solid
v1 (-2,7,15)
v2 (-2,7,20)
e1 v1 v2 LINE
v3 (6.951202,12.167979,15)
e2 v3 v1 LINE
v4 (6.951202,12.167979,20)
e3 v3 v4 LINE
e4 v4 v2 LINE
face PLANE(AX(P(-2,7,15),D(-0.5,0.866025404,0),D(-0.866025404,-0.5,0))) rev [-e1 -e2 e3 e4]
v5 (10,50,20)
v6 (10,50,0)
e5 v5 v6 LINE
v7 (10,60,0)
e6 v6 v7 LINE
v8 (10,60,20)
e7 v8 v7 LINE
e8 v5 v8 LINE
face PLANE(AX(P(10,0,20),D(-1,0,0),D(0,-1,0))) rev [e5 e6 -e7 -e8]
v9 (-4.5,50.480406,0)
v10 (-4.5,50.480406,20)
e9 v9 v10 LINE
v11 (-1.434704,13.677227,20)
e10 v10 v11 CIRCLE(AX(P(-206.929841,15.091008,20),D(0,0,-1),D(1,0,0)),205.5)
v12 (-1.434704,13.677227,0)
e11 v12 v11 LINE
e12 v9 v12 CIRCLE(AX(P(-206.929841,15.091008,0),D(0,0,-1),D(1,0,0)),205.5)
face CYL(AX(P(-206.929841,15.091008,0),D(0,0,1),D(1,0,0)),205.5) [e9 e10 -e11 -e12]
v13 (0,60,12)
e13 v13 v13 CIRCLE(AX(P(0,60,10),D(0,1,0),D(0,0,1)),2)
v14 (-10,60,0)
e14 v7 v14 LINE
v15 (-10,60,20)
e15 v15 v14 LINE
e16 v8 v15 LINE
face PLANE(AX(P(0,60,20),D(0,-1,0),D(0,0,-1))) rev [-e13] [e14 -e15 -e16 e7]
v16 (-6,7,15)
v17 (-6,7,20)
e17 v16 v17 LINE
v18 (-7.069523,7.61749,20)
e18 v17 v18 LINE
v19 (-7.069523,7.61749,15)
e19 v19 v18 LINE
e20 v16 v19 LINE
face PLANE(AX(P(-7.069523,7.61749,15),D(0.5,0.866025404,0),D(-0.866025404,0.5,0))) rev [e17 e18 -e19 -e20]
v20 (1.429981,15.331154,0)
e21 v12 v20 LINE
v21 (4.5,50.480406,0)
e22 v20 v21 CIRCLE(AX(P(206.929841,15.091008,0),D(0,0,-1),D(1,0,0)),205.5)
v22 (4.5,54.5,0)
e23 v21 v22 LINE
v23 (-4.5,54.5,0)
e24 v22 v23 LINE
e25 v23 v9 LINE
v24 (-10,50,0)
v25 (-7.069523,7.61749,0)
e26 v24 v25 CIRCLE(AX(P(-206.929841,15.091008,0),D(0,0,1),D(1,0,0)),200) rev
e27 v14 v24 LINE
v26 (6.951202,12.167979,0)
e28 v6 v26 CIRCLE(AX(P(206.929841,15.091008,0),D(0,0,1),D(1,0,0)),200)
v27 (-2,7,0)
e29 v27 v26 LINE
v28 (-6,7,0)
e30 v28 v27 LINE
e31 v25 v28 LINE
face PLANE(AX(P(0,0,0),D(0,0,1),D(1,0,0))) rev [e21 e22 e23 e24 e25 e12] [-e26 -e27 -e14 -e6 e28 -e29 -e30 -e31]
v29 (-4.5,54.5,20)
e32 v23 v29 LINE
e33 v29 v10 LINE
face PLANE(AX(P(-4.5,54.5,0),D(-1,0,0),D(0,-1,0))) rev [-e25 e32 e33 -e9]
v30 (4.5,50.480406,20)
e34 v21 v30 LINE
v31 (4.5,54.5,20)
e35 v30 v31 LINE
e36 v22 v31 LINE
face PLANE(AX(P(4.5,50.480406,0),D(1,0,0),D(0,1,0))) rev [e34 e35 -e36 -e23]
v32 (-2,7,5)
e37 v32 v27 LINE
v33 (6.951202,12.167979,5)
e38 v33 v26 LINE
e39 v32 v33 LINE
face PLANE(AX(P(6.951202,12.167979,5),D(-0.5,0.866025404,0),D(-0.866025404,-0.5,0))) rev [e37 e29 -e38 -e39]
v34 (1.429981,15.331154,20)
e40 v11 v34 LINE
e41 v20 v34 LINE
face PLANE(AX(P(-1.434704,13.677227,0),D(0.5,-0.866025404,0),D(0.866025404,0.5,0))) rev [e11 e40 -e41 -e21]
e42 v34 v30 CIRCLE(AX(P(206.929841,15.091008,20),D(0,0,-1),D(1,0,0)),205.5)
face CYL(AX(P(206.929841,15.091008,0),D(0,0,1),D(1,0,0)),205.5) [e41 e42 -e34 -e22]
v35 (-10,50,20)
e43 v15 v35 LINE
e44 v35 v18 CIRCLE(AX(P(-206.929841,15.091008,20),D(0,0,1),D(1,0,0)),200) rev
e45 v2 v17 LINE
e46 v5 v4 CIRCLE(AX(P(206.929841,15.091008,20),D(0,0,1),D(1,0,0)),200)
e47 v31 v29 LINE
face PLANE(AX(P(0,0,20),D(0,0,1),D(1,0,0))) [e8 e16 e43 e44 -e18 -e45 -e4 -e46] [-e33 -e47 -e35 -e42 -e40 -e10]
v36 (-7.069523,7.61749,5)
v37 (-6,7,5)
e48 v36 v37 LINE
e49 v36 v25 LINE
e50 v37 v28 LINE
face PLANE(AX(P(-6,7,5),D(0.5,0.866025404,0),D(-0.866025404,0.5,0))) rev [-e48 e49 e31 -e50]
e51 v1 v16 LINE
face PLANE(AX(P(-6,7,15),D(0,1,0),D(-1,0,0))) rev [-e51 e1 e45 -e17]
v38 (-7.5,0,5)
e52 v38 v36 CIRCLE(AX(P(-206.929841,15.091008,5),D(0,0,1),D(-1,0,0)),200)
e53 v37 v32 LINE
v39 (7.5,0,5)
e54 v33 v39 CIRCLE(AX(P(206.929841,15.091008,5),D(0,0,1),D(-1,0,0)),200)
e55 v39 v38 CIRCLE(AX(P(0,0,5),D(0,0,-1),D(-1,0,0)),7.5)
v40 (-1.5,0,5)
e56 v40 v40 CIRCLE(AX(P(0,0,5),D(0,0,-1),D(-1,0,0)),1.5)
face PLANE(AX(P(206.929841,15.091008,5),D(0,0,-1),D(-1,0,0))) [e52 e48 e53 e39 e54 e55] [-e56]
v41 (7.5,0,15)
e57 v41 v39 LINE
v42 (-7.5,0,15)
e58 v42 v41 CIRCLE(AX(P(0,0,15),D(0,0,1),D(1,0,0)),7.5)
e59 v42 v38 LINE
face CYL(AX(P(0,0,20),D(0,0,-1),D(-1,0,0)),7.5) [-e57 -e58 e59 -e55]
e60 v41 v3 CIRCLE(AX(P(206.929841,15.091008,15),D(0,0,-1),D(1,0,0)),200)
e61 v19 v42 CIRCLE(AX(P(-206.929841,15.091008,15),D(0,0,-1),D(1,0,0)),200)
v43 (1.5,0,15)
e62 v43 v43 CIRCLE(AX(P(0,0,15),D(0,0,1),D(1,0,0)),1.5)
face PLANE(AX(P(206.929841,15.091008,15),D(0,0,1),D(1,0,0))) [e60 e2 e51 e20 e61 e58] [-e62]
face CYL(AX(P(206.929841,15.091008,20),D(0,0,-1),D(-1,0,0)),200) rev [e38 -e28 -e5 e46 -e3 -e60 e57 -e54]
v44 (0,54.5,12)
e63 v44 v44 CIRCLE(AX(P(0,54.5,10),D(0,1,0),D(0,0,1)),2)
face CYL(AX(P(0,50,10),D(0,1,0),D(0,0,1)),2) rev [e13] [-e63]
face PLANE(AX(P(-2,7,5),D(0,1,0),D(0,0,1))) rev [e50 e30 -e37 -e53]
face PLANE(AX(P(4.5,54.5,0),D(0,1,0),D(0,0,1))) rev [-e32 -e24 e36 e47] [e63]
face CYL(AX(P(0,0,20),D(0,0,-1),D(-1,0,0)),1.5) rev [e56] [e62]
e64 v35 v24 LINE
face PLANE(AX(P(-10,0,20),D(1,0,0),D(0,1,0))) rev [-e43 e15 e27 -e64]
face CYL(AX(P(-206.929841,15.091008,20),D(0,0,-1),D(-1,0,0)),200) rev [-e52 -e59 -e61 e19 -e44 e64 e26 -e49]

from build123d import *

# Parameters (mm, degrees)
CROQUIS1_R              = 1.5
SALIENTE_EXTRUIR1_DEPTH = 20
CORTAR_EXTRUIR1_START   = -5
CORTAR_EXTRUIR1_DEPTH   = 5
CORTAR_EXTRUIR2_DEPTH   = 5
CORTAR_EXTRUIR3_DEPTH   = 65.031242374
CROQUIS5_R              = 2
CORTAR_EXTRUIR4_DEPTH   = 10


with BuildPart() as part:
    # Croquis1 → Saliente-Extruir1 (new body)
    # profile 1 of 2: a face of its own
    with BuildSketch(Plane.XY):
        with BuildLine():
            ThreePointArc((7.420644355, 1.088134807), (7.207357835, 25.623325873), (10, 50))
            Line((10, 50), (10, 60))
            Line((10, 60), (-10, 60))
            Line((-10, 60), (-10, 50))
            ThreePointArc((-10, 50), (-7.207357835, 25.623325873), (-7.420644355, 1.088134807))
            ThreePointArc((-7.420644355, 1.088134807), (0, 7.5), (7.420644355, 1.088134807))
        make_face()
    # profile 2 of 2: a face of its own
    with BuildSketch(Plane.XY):
        with BuildLine():
            ThreePointArc((7.5, 0), (7.459580187, 0.544013292), (7.420644355, 1.088134807))
            ThreePointArc((7.420644355, 1.088134807), (0, 7.5), (-7.420644355, 1.088134807))
            ThreePointArc((-7.420644355, 1.088134807), (-7.459580187, 0.544013292), (-7.5, 0))
            ThreePointArc((-7.5, 0), (0, -7.5), (7.5, 0))
        make_face()
        Circle(CROQUIS1_R, mode=Mode.SUBTRACT)
    extrude(amount=SALIENTE_EXTRUIR1_DEPTH)

    # Croquis2 → Cortar-Extruir1 (cut)
    with BuildSketch(Plane.XY.offset(20).offset(CORTAR_EXTRUIR1_START)):
        with BuildLine():
            Line((-7.069523462, 7.617489658), (-6, 7))
            Line((-6, 7), (-2, 7))
            Line((-2, 7), (6.951202379, 12.167979103))
            ThreePointArc((6.951202379, 12.167979103), (7.132948314, 6.079810741), (7.5, 0))
            ThreePointArc((7.5, 0), (0, -7.5), (-7.5, 0))
            ThreePointArc((-7.5, 0), (-7.24843422, 3.806691903), (-7.069523462, 7.617489658))
        make_face()
    extrude(amount=CORTAR_EXTRUIR1_DEPTH, mode=Mode.SUBTRACT)

    # Croquis3 → Cortar-Extruir2 (cut)
    with BuildSketch(Plane(origin=(0, 0, 0), x_dir=(-1, 0, 0), z_dir=(0, 0, -1))):
        with BuildLine():
            Line((-6.951202379, 12.167979103), (2, 7))
            Line((2, 7), (6, 7))
            Line((6, 7), (7.069523462, 7.617489658))
            ThreePointArc((7.069523462, 7.617489658), (7.24843422, 3.806691903), (7.5, 0))
            ThreePointArc((7.5, 0), (0, -7.5), (-7.5, 0))
            ThreePointArc((-7.5, 0), (-7.132948314, 6.079810741), (-6.951202379, 12.167979103))
        make_face()
    extrude(amount=-CORTAR_EXTRUIR2_DEPTH, mode=Mode.SUBTRACT)

    # Croquis4 → Cortar-Extruir3 (cut, through all)
    with BuildSketch(Plane.XY.offset(20)):
        with BuildLine():
            Line((-1.434704258, 13.67722661), (1.429981311, 15.331153594))
            ThreePointArc((1.429981311, 15.331153594), (2.209232224, 32.971789387), (4.5, 50.480405727))
            Line((4.5, 50.480405727), (4.5, 54.5))
            Line((4.5, 54.5), (-4.5, 54.5))
            Line((-4.5, 54.5), (-4.5, 50.480405727))
            ThreePointArc((-4.5, 50.480405727), (-2.13893455, 32.147814145), (-1.434704258, 13.67722661))
        make_face()
    extrude(amount=-CORTAR_EXTRUIR3_DEPTH, mode=Mode.SUBTRACT)

    # Croquis5 → Cortar-Extruir4 (cut)
    with BuildSketch(Plane(origin=(0, 60, 0), x_dir=(1, 0, 0), z_dir=(0, 1, 0))):
        with Locations(Location((0, -10, 0), (0, 0, 270))):
            Circle(CROQUIS5_R)
    extrude(amount=-CORTAR_EXTRUIR4_DEPTH, mode=Mode.SUBTRACT)


solid = part.part
